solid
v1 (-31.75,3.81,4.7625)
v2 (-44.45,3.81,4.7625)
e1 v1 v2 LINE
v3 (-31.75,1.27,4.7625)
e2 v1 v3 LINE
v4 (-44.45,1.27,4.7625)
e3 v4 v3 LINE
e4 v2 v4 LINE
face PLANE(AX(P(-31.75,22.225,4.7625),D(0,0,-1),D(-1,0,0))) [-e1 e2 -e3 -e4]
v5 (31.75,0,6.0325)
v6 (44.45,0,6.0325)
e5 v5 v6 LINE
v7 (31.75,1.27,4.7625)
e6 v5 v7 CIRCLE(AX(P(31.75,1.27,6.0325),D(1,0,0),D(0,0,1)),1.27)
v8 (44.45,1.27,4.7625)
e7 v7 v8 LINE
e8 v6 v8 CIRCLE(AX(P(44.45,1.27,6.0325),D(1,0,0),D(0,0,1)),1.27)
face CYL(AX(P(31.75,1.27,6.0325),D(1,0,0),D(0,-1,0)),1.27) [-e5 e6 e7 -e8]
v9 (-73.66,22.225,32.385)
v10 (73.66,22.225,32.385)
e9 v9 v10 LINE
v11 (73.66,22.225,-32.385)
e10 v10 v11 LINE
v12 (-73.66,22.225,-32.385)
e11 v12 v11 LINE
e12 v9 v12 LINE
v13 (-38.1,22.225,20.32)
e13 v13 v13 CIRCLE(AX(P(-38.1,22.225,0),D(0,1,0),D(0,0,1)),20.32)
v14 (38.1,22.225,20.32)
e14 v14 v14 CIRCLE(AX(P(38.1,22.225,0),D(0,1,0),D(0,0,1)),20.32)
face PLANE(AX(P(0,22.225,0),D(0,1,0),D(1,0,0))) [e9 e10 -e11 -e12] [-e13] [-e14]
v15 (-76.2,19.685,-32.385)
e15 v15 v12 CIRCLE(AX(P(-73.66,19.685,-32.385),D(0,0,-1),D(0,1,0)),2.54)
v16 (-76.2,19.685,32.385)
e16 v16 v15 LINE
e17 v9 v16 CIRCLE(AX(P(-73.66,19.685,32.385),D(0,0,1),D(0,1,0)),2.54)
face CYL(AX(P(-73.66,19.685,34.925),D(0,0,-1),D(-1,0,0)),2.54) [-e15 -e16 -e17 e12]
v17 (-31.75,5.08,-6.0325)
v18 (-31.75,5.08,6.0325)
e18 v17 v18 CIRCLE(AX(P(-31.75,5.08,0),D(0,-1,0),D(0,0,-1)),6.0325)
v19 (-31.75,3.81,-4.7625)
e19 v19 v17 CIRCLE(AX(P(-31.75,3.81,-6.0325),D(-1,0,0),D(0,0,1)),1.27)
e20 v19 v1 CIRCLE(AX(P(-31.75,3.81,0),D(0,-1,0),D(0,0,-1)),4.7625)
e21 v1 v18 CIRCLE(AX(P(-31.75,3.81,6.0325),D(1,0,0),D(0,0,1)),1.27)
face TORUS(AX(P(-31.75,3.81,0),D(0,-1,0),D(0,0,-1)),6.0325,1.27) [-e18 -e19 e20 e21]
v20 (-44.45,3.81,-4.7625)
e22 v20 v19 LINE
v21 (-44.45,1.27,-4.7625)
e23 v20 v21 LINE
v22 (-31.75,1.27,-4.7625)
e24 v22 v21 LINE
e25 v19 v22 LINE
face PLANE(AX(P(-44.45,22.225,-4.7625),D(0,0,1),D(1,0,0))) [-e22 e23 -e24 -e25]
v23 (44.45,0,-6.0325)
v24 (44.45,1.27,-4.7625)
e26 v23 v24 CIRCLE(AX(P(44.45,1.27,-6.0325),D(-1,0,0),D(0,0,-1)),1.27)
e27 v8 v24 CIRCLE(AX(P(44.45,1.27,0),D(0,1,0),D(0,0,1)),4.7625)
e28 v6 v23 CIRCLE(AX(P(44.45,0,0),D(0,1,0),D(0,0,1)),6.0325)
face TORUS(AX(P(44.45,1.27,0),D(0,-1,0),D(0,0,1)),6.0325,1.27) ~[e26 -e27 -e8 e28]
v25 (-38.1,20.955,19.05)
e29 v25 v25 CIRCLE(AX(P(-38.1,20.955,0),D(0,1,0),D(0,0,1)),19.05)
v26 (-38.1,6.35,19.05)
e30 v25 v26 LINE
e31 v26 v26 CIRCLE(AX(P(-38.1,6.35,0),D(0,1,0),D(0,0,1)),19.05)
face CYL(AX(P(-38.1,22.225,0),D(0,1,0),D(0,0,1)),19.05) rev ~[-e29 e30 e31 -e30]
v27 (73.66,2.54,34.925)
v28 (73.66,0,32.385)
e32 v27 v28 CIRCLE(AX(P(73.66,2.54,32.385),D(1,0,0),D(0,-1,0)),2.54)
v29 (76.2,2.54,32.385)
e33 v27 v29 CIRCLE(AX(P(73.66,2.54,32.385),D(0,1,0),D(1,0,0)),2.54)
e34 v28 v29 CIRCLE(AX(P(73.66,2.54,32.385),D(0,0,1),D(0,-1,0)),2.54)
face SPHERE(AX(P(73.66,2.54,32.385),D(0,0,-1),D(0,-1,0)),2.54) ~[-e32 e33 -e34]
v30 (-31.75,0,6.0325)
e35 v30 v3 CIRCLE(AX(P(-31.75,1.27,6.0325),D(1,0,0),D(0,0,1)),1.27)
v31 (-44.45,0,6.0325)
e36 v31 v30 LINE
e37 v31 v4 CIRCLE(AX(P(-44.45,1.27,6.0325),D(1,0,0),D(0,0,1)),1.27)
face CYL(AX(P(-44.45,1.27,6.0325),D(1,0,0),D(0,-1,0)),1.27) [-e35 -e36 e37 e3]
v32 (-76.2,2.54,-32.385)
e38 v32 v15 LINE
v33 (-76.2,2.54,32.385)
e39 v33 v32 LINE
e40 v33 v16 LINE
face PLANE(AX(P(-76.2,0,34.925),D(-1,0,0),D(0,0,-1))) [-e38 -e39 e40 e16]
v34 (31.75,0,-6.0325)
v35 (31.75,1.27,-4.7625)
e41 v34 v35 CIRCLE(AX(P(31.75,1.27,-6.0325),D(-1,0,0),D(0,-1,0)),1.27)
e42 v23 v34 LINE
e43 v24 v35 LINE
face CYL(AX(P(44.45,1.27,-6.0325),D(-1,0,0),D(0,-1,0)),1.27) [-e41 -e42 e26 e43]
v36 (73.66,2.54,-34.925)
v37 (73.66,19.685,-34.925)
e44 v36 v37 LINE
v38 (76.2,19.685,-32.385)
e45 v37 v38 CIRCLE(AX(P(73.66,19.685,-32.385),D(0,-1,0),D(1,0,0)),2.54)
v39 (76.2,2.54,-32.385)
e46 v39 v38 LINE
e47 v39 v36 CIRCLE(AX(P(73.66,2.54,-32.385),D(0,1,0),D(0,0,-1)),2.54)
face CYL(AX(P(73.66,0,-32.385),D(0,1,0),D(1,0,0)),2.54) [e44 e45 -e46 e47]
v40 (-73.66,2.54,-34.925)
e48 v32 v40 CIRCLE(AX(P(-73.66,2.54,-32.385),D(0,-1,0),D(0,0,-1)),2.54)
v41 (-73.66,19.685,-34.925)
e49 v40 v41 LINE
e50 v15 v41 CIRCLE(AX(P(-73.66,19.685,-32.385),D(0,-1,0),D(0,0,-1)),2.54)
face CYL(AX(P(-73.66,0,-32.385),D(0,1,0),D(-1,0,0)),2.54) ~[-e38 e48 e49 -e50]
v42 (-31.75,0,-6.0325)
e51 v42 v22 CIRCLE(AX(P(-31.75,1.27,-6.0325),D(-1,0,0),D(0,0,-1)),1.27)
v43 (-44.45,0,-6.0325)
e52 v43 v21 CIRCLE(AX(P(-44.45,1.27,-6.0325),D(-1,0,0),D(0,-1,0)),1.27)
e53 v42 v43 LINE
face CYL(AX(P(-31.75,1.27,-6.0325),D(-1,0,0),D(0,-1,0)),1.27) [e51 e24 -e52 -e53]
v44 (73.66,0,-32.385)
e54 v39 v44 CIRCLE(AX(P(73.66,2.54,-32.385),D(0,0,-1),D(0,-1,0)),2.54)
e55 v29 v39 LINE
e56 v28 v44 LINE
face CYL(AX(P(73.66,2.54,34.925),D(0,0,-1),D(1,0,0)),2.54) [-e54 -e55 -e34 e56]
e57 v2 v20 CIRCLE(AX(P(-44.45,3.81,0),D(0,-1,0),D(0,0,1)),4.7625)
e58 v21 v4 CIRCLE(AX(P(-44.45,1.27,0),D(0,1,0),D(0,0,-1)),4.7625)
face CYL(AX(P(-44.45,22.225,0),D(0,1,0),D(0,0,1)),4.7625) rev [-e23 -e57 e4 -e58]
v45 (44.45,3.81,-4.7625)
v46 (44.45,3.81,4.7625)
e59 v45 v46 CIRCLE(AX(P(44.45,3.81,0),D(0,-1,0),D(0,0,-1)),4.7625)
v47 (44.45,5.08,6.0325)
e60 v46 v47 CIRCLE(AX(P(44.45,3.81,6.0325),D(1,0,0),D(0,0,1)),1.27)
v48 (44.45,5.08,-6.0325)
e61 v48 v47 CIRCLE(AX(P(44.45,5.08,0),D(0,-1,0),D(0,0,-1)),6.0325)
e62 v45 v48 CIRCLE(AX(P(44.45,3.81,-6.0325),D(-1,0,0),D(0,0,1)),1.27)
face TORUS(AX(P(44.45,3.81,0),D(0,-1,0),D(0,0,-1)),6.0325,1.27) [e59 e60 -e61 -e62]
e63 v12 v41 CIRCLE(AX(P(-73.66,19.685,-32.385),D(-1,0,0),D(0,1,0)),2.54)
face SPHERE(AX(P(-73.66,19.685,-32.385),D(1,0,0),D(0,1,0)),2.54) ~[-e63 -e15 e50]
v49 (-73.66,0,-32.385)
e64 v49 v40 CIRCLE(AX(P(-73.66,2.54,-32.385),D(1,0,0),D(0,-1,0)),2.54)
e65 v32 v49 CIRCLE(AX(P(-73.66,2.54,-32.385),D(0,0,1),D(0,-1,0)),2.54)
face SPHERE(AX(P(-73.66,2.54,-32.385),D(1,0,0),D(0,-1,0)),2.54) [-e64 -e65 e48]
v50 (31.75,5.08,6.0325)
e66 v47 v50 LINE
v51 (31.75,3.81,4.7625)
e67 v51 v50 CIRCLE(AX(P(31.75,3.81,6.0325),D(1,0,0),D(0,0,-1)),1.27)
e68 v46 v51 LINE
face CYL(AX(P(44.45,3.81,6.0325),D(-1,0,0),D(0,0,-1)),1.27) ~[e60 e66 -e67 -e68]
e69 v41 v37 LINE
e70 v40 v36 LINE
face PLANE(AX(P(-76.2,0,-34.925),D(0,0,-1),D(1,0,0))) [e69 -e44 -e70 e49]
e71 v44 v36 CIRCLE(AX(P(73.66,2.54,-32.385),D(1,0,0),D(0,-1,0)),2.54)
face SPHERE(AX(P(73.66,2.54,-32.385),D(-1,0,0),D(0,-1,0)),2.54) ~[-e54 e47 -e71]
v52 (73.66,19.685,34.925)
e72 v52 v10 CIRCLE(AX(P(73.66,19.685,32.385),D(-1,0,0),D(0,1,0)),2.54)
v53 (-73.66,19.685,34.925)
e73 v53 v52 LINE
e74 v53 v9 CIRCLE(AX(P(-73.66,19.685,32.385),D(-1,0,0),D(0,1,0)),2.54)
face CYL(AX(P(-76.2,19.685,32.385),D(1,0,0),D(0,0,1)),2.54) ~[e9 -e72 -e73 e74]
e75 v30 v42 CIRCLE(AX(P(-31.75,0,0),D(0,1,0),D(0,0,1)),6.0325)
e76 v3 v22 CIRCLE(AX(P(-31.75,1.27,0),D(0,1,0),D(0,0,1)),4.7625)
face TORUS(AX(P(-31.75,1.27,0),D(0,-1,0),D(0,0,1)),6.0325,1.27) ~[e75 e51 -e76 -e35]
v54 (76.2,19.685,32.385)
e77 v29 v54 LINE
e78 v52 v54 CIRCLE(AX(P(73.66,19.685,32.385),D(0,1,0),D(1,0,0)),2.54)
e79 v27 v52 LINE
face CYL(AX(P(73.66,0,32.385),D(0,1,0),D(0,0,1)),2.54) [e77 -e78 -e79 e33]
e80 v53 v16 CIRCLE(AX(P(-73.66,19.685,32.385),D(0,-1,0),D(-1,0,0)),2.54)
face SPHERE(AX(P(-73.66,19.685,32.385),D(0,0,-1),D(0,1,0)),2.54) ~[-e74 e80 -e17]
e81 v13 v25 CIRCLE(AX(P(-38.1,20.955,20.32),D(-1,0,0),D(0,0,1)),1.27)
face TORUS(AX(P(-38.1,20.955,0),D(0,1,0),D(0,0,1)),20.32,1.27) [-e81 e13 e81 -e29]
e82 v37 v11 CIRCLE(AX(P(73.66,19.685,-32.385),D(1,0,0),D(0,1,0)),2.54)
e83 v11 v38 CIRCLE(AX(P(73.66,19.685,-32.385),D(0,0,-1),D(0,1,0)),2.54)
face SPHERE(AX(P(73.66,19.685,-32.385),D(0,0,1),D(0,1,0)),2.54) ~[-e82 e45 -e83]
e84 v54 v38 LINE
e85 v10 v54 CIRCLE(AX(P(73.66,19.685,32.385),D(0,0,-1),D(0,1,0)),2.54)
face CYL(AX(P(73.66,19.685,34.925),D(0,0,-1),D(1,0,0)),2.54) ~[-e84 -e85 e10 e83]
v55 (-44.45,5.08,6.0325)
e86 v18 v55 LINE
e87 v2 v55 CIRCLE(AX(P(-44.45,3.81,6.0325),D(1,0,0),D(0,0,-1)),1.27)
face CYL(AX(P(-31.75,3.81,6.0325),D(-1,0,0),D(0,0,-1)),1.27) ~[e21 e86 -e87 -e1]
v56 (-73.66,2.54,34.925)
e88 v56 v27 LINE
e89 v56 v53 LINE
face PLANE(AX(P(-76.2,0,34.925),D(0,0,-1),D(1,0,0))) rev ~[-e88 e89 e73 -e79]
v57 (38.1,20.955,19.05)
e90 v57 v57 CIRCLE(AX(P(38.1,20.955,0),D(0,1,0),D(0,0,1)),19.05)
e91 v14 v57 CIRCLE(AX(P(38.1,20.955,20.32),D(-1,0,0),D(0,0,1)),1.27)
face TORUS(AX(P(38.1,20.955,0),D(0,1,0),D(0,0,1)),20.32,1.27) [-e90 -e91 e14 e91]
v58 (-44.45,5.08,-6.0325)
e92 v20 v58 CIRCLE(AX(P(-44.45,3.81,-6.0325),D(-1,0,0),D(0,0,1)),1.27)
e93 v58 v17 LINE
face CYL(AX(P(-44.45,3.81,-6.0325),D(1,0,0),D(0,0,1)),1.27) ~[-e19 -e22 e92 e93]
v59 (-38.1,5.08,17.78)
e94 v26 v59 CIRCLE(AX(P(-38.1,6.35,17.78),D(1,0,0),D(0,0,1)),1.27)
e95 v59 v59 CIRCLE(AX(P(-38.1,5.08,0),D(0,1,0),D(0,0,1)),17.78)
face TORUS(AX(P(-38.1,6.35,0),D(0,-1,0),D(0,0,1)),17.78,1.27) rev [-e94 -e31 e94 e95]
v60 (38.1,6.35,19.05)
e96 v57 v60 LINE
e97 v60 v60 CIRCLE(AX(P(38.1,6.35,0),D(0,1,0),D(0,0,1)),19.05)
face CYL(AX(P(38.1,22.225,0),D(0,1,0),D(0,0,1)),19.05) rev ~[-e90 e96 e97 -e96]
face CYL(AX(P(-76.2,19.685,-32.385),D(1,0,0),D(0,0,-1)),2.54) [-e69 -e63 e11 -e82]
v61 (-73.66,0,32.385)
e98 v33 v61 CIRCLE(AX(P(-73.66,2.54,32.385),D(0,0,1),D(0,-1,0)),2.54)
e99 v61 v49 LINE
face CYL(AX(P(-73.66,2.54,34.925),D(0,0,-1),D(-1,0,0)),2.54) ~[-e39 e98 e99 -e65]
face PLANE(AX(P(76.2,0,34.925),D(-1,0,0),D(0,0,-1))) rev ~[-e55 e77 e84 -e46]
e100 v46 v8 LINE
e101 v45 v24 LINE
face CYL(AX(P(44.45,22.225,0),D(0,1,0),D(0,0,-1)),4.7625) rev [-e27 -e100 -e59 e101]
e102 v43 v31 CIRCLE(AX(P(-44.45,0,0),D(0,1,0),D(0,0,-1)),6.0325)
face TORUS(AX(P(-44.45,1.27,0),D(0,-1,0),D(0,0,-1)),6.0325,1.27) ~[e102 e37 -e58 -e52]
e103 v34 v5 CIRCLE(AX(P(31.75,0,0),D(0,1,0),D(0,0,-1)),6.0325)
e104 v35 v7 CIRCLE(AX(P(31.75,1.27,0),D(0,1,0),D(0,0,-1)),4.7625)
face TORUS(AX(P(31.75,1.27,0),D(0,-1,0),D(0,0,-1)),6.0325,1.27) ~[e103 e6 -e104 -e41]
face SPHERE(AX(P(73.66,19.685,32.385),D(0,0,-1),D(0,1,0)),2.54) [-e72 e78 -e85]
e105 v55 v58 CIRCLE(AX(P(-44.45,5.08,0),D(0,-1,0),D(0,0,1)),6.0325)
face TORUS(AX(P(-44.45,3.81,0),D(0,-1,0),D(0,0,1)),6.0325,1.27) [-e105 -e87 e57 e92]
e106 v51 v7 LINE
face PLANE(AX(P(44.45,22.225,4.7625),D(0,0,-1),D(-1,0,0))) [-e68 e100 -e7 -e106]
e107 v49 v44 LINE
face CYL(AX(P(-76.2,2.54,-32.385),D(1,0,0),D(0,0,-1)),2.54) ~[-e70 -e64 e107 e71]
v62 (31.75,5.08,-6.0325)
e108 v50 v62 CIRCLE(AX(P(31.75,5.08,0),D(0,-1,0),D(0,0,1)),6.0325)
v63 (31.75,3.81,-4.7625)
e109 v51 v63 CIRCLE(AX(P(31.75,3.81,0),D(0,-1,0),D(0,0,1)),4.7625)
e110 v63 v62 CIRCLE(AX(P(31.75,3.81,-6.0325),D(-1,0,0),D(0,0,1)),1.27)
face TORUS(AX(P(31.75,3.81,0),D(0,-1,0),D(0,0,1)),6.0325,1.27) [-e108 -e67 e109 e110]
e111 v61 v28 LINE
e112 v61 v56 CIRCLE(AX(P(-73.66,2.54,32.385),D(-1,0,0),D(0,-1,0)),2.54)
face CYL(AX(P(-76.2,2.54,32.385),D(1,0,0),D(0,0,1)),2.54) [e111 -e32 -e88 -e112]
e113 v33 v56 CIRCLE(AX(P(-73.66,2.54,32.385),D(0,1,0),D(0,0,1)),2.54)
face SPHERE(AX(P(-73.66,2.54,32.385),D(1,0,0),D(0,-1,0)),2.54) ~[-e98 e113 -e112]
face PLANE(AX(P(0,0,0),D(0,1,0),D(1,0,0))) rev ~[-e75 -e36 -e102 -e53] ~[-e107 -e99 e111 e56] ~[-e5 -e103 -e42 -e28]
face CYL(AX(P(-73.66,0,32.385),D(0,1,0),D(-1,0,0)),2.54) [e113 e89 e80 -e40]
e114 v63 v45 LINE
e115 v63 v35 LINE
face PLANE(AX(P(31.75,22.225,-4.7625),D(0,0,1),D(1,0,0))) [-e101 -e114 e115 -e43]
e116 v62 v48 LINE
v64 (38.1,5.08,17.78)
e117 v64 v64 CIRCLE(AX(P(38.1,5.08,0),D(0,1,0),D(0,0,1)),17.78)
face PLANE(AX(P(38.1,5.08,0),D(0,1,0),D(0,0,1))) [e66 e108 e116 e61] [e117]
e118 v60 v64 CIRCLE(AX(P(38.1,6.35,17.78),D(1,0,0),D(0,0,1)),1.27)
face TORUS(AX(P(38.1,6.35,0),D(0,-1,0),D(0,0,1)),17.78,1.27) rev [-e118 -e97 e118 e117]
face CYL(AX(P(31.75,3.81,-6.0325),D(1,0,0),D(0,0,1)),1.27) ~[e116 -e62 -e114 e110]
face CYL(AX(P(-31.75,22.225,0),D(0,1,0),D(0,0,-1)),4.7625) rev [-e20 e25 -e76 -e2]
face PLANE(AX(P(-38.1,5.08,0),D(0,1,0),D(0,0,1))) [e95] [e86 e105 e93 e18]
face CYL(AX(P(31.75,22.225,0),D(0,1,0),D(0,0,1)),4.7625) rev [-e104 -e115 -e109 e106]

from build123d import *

# Parameters (mm, degrees)
SKETCH1_W           = 152.4
SKETCH1_H           = 69.85
BOSS_EXTRUDE1_DEPTH = 22.225
FILLET1_R           = 2.54
SKETCH3_R           = 19.05
CUT_EXTRUDE1_DEPTH  = 17.145
CUT_EXTRUDE2_DEPTH  = 87.718776802
FILLET2_R           = 1.27


with BuildPart() as part:
    # Sketch1 → Boss-Extrude1 (new body)
    with BuildSketch(Plane(origin=(0, 0, 0), x_dir=(1, 0, 0), z_dir=(0, 1, 0))):
        Rectangle(SKETCH1_W, SKETCH1_H)
    extrude(amount=BOSS_EXTRUDE1_DEPTH)

    # Fillet1
    fillet1_edges = [part.edges().sort_by_distance(p)[0] for p in [
        (76.2, 22.225, 0),
        (0, 22.225, -34.925),
        (-76.2, 22.225, 0),
        (0, 0, -34.925),
        (76.2, 0, 0),
        (0, 0, 34.925),
        (-76.2, 0, 0),
        (0, 22.225, 34.925),
        (-76.2, 11.1125, -34.925),
        (76.2, 11.1125, -34.925),
        (76.2, 11.1125, 34.925),
        (-76.2, 11.1125, 34.925),
    ]]
    fillet(fillet1_edges, radius=FILLET1_R)

    # Sketch3 → Cut-Extrude1 (cut)
    with BuildSketch(Plane(origin=(0, 22.225, 0), x_dir=(1, 0, 0), z_dir=(0, 1, 0))):
        with Locations(Location((-38.1, 0, 0), (0, 0, 270))):
            Circle(SKETCH3_R)
        with Locations(Location((38.1, 0, 0), (0, 0, 270))):
            Circle(SKETCH3_R)
    extrude(amount=-CUT_EXTRUDE1_DEPTH, mode=Mode.SUBTRACT)

    # Sketch4 → Cut-Extrude2 (cut, through all)
    with BuildSketch(Plane(origin=(0, 22.225, 0), x_dir=(1, 0, 0), z_dir=(0, 1, 0))):
        with BuildLine():
            Line((-31.75, -4.7625), (-44.45, -4.7625))
            ThreePointArc((-44.45, -4.7625), (-49.2125, 0), (-44.45, 4.7625))
            Line((-44.45, 4.7625), (-31.75, 4.7625))
            ThreePointArc((-31.75, 4.7625), (-26.9875, 0), (-31.75, -4.7625))
        make_face()
        with BuildLine():
            Line((44.45, -4.7625), (31.75, -4.7625))
            ThreePointArc((31.75, -4.7625), (26.9875, 0), (31.75, 4.7625))
            Line((31.75, 4.7625), (44.45, 4.7625))
            ThreePointArc((44.45, 4.7625), (49.2125, 0), (44.45, -4.7625))
        make_face()
    extrude(amount=-CUT_EXTRUDE2_DEPTH, mode=Mode.SUBTRACT)

    # Fillet2
    fillet2_edges = [part.edges().sort_by_distance(p)[0] for p in [
        (-38.1, 22.225, -19.05),
        (-38.1, 5.08, -19.05),
        (38.1, 22.225, -19.05),
        (38.1, 5.08, -19.05),
        (-38.1, 5.08, -4.7625),
        (-49.2125, 5.08, 0),
        (-38.1, 5.08, 4.7625),
        (-26.9875, 5.08, 0),
        (-26.9875, 0, 0),
        (-38.1, 0, 4.7625),
        (-49.2125, 0, 0),
        (-38.1, 0, -4.7625),
        (38.1, 5.08, -4.7625),
        (26.9875, 5.08, 0),
        (38.1, 5.08, 4.7625),
        (49.2125, 5.08, 0),
        (49.2125, 0, 0),
        (38.1, 0, 4.7625),
        (26.9875, 0, 0),
        (38.1, 0, -4.7625),
    ]]
    fillet(fillet2_edges, radius=FILLET2_R)


solid = part.part
